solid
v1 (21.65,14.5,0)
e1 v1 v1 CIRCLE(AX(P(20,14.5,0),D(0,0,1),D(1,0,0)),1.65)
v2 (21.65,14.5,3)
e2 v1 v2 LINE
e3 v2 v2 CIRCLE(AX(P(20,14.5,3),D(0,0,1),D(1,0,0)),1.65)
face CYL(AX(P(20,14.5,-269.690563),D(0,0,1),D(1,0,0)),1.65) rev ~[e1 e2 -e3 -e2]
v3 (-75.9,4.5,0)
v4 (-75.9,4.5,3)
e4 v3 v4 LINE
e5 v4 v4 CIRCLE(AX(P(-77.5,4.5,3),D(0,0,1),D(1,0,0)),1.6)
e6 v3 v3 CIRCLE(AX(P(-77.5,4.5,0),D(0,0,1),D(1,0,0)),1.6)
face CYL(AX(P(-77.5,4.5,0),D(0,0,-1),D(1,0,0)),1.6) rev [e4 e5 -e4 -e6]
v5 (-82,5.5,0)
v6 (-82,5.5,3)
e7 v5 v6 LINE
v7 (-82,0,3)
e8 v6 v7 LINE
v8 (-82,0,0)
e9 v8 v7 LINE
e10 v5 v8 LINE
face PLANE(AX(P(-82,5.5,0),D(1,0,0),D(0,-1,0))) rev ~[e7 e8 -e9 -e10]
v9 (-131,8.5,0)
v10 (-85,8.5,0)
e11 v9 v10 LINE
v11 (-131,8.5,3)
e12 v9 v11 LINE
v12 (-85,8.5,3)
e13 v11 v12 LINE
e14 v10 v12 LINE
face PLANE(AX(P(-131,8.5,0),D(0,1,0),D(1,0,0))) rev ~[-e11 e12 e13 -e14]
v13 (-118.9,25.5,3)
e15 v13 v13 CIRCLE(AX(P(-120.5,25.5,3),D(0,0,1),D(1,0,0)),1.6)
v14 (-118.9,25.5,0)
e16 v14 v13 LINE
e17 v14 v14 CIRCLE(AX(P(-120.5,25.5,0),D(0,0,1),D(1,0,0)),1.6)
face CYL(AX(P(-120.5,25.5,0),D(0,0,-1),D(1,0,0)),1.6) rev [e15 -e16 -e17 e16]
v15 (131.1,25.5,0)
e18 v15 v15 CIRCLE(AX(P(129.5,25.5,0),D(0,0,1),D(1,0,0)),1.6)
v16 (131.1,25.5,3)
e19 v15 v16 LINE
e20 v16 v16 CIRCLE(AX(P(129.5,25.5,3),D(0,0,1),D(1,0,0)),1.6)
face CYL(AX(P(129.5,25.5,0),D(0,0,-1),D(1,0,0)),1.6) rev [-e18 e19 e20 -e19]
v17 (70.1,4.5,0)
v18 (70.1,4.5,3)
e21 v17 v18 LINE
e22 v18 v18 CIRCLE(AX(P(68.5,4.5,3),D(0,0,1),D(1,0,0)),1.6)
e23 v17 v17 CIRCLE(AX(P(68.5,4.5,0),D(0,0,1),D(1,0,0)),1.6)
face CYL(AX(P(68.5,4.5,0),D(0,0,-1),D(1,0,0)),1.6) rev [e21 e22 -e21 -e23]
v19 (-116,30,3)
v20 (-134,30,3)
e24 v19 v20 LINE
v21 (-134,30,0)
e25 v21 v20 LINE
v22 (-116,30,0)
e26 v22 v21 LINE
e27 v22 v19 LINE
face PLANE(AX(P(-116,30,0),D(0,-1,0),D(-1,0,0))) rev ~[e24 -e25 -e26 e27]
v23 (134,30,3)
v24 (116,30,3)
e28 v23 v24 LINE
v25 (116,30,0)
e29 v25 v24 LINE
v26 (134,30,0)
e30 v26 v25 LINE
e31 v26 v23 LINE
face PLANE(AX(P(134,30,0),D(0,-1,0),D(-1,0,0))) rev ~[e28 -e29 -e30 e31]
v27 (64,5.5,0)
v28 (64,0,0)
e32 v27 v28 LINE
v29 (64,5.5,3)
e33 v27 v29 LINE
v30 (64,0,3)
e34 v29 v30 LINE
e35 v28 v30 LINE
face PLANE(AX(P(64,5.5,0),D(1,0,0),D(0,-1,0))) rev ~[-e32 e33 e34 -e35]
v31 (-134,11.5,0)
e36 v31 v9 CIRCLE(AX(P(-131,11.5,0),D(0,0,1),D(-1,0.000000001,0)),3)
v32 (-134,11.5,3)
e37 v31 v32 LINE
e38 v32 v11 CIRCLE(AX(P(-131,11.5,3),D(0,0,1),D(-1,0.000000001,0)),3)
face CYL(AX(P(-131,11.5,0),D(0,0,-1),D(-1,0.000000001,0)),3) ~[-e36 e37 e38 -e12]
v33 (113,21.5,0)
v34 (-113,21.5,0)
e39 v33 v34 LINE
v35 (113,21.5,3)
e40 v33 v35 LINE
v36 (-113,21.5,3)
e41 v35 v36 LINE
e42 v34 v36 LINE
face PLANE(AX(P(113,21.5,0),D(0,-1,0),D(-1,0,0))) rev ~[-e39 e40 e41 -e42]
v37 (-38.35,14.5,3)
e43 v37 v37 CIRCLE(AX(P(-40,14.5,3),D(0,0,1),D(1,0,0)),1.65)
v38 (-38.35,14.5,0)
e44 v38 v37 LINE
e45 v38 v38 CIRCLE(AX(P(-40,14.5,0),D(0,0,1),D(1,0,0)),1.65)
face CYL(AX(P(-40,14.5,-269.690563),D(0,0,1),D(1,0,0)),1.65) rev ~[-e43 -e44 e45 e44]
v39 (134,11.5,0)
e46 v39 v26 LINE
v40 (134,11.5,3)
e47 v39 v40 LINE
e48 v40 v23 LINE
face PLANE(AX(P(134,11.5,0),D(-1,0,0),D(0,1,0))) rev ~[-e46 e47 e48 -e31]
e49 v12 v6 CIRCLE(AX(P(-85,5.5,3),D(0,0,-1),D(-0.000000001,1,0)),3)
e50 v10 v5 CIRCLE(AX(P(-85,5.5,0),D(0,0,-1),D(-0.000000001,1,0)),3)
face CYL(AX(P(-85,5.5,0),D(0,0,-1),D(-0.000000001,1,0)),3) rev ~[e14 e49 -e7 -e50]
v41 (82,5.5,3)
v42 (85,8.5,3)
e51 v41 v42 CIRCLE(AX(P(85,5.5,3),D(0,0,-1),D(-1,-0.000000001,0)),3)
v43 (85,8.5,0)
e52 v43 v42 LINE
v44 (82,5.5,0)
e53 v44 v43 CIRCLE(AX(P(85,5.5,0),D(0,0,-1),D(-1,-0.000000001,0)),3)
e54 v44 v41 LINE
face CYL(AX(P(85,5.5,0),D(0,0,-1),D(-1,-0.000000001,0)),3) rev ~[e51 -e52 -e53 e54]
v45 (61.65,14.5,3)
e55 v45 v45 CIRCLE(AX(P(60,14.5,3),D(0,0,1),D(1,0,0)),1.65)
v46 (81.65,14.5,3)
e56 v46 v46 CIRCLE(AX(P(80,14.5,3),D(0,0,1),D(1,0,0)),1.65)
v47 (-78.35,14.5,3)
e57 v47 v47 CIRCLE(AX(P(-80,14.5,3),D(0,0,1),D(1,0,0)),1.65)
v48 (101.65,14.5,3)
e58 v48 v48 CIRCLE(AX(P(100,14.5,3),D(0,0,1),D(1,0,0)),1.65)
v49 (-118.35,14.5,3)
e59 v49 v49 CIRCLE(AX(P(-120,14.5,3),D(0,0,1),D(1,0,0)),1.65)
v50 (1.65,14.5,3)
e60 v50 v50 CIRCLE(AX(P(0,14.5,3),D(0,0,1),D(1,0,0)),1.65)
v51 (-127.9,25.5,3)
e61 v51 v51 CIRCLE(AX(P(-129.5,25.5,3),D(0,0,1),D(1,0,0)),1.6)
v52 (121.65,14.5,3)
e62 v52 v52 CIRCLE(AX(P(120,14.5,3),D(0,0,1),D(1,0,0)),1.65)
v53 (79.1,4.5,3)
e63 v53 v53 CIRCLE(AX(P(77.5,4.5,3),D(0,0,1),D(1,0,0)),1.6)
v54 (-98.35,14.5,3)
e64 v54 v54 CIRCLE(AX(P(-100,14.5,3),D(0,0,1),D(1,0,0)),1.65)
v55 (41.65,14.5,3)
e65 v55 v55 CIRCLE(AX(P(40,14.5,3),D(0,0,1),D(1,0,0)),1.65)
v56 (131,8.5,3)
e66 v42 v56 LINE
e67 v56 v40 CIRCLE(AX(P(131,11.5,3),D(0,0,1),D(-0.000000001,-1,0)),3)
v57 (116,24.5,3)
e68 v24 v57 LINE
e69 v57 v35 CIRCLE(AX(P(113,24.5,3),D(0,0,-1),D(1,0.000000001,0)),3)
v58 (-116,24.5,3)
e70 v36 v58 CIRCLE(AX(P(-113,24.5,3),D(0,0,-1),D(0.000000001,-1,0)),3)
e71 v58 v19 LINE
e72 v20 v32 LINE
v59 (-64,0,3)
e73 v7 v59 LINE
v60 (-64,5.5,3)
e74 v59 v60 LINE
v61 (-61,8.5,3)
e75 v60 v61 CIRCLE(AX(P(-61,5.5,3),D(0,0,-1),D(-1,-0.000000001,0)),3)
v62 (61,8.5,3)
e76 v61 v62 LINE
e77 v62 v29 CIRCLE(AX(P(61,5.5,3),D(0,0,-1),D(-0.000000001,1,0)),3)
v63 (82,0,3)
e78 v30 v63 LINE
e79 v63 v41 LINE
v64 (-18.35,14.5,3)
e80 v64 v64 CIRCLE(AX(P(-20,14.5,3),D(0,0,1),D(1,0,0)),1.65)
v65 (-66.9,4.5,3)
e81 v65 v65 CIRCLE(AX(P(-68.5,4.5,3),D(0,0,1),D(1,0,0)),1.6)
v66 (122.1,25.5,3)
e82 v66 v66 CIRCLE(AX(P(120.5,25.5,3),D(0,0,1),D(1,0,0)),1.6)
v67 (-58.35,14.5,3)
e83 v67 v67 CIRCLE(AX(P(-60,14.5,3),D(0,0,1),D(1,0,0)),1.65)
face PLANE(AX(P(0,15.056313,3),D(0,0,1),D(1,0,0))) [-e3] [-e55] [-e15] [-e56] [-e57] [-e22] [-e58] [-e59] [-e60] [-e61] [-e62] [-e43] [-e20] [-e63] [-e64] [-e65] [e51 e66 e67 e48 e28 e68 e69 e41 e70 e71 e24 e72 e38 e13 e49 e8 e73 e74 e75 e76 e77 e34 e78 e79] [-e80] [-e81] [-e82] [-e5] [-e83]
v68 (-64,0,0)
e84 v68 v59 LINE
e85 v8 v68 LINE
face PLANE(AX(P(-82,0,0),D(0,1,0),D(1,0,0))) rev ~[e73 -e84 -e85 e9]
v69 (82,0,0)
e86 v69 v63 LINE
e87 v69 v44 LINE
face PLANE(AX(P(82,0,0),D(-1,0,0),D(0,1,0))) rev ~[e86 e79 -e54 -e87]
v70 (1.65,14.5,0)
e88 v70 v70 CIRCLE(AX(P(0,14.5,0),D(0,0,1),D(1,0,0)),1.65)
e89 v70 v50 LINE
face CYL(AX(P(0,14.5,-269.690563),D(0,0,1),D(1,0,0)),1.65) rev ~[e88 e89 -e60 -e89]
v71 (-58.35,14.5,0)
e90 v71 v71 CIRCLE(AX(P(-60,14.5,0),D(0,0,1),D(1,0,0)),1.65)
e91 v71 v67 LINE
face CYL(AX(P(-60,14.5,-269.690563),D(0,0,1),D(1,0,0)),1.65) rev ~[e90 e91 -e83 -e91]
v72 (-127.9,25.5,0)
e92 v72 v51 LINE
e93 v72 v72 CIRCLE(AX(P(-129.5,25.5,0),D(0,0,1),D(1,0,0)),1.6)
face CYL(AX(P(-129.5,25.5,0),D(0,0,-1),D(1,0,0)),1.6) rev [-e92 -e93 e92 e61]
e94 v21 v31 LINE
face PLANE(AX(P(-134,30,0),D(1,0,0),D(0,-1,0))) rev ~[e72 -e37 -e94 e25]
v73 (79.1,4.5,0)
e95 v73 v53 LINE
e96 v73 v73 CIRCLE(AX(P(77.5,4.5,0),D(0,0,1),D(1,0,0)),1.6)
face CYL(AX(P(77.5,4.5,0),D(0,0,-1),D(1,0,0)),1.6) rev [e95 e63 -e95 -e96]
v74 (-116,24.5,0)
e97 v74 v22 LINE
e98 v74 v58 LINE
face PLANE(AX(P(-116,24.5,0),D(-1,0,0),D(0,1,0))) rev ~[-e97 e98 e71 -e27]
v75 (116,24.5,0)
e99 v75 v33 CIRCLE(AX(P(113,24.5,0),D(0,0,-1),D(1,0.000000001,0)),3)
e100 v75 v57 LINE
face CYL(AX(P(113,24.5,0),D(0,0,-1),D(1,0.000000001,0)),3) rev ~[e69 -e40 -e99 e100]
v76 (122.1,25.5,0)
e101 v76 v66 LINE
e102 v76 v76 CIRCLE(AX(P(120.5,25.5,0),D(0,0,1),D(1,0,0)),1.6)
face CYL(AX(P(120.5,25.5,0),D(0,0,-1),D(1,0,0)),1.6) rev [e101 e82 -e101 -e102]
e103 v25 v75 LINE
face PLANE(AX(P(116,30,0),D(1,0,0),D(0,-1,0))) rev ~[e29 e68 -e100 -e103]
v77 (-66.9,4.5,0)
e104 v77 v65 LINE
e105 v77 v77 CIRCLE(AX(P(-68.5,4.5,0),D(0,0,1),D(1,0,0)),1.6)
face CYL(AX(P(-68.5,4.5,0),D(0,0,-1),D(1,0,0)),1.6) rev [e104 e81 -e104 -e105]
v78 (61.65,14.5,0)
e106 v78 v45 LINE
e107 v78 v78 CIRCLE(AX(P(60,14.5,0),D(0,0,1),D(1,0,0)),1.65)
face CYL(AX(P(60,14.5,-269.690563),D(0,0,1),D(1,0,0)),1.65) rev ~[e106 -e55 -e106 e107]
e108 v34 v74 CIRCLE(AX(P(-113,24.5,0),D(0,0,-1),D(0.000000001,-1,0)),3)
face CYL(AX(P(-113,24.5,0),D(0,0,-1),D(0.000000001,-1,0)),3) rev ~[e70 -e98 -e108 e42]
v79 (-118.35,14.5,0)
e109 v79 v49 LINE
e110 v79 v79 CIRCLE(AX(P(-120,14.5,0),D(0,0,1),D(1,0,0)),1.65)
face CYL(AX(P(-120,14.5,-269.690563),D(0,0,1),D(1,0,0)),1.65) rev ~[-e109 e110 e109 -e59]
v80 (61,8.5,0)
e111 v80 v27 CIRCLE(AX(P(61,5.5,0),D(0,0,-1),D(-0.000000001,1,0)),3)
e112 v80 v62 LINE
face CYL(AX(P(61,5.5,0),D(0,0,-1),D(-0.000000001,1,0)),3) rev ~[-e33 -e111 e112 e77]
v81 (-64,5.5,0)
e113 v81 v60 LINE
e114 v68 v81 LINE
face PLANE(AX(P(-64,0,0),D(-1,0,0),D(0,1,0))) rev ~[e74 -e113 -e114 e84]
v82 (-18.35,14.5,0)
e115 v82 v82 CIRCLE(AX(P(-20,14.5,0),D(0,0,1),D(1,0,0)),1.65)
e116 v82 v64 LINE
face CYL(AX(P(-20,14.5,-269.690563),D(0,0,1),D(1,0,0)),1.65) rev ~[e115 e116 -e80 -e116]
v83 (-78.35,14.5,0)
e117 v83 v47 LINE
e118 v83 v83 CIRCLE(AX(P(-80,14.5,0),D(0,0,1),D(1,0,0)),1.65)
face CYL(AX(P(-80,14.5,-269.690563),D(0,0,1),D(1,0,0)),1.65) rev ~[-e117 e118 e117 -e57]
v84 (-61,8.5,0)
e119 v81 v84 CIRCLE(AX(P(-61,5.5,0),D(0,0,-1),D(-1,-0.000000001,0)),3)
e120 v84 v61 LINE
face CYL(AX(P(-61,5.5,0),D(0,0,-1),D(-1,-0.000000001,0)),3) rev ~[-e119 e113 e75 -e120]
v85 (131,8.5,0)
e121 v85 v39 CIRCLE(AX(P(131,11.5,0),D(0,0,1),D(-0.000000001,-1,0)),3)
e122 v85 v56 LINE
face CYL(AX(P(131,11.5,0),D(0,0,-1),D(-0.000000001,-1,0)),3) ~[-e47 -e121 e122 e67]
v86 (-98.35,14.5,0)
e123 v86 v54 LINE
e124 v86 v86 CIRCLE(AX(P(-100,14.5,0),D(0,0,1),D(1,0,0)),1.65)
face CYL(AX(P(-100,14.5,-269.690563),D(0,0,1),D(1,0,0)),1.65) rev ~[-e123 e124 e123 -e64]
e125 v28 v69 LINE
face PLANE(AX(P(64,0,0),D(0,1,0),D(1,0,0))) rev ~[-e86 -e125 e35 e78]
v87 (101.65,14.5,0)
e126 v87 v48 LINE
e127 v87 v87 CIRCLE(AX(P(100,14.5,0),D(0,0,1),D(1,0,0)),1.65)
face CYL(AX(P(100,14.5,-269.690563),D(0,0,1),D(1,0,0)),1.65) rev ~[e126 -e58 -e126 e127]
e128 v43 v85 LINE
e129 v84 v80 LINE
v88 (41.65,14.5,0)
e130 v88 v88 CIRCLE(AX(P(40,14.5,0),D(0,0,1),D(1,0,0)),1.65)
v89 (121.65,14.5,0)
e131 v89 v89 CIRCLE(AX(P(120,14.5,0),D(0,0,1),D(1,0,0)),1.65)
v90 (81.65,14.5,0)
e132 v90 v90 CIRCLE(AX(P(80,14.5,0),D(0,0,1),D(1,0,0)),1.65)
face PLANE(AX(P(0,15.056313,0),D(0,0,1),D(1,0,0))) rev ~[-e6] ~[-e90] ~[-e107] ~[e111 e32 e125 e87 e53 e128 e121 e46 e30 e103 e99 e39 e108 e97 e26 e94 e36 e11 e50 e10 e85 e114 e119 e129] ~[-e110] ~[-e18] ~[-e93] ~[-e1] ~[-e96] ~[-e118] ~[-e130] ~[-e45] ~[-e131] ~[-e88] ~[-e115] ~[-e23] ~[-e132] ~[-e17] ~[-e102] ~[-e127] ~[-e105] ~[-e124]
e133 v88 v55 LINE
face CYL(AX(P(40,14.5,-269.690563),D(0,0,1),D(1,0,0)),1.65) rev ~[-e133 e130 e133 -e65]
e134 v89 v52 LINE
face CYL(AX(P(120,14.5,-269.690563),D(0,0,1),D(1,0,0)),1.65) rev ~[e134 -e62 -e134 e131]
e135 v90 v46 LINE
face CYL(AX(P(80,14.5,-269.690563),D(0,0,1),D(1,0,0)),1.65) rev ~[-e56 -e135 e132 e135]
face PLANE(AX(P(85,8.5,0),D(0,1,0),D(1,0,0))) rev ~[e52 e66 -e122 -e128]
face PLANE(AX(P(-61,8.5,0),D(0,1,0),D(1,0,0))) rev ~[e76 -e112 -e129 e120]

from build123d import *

# Parameters (mm, degrees)
SKETCH_1_R                 = 1.6
EXTRUDE_1_DEPTH            = 3
HOLE_WIZARD_2_D            = 3.3
PATTERN_LINEAR_1_COUNT     = 7
PATTERN_LINEAR_1_PITCH     = 20
PATTERN_LINEAR_1_COL_COUNT = 7
PATTERN_LINEAR_1_COL_PITCH = 20


with BuildPart() as part:
    # 草图1 → 凸台-拉伸1 (new body)
    with BuildSketch(Plane.XY):
        with BuildLine():
            Line((-61, 8.5), (61, 8.5))
            ThreePointArc((61, 8.5), (63.121320344, 7.621320344), (64, 5.5))
            Line((64, 5.5), (64, 0))
            Line((64, 0), (82, 0))
            Line((82, 0), (82, 5.5))
            ThreePointArc((82, 5.5), (82.878679656, 7.621320344), (85, 8.5))
            Line((85, 8.5), (131, 8.5))
            ThreePointArc((131, 8.5), (133.121320344, 9.378679656), (134, 11.5))
            Line((134, 11.5), (134, 30))
            Line((134, 30), (116, 30))
            Line((116, 30), (116, 24.5))
            ThreePointArc((116, 24.5), (115.121320344, 22.378679656), (113, 21.5))
            Line((113, 21.5), (-113, 21.5))
            ThreePointArc((-113, 21.5), (-115.121320344, 22.378679656), (-116, 24.5))
            Line((-116, 24.5), (-116, 30))
            Line((-116, 30), (-134, 30))
            Line((-134, 30), (-134, 11.5))
            ThreePointArc((-134, 11.5), (-133.121320344, 9.378679656), (-131, 8.5))
            Line((-131, 8.5), (-85, 8.5))
            ThreePointArc((-85, 8.5), (-82.878679656, 7.621320344), (-82, 5.5))
            Line((-82, 5.5), (-82, 0))
            Line((-82, 0), (-64, 0))
            Line((-64, 0), (-64, 5.5))
            ThreePointArc((-64, 5.5), (-63.121320344, 7.621320344), (-61, 8.5))
        make_face()
        with Locations((-77.5, 4.5)):
            Circle(SKETCH_1_R, mode=Mode.SUBTRACT)
        with Locations((-68.5, 4.5)):
            Circle(SKETCH_1_R, mode=Mode.SUBTRACT)
        with Locations((120.5, 25.5)):
            Circle(SKETCH_1_R, mode=Mode.SUBTRACT)
        with Locations((129.5, 25.5)):
            Circle(SKETCH_1_R, mode=Mode.SUBTRACT)
        with Locations((68.5, 4.5)):
            Circle(SKETCH_1_R, mode=Mode.SUBTRACT)
        with Locations((77.5, 4.5)):
            Circle(SKETCH_1_R, mode=Mode.SUBTRACT)
        with Locations((-129.5, 25.5)):
            Circle(SKETCH_1_R, mode=Mode.SUBTRACT)
        with Locations((-120.5, 25.5)):
            Circle(SKETCH_1_R, mode=Mode.SUBTRACT)
    extrude(amount=EXTRUDE_1_DEPTH)

    # 孔2 (through all)
    with Locations(Plane(origin=(0, 0, 0), x_dir=(-1, 0, 0), z_dir=(0, 0, -1))):
        with Locations((0, 14.5)):
            hole_wizard_2 = Hole(HOLE_WIZARD_2_D / 2)

    # 阵列(线性)1: 孔2 ×7
    with Locations(*[(i * PATTERN_LINEAR_1_PITCH, 0, 0) for i in range(1, PATTERN_LINEAR_1_COUNT)]):
        add(hole_wizard_2, mode=Mode.SUBTRACT)

    # 阵列(线性)1 col: 孔2 ×7
    with Locations(*[(-i * PATTERN_LINEAR_1_COL_PITCH, 0, 0) for i in range(1, PATTERN_LINEAR_1_COL_COUNT)]):
        add(hole_wizard_2, mode=Mode.SUBTRACT)


solid = part.part
